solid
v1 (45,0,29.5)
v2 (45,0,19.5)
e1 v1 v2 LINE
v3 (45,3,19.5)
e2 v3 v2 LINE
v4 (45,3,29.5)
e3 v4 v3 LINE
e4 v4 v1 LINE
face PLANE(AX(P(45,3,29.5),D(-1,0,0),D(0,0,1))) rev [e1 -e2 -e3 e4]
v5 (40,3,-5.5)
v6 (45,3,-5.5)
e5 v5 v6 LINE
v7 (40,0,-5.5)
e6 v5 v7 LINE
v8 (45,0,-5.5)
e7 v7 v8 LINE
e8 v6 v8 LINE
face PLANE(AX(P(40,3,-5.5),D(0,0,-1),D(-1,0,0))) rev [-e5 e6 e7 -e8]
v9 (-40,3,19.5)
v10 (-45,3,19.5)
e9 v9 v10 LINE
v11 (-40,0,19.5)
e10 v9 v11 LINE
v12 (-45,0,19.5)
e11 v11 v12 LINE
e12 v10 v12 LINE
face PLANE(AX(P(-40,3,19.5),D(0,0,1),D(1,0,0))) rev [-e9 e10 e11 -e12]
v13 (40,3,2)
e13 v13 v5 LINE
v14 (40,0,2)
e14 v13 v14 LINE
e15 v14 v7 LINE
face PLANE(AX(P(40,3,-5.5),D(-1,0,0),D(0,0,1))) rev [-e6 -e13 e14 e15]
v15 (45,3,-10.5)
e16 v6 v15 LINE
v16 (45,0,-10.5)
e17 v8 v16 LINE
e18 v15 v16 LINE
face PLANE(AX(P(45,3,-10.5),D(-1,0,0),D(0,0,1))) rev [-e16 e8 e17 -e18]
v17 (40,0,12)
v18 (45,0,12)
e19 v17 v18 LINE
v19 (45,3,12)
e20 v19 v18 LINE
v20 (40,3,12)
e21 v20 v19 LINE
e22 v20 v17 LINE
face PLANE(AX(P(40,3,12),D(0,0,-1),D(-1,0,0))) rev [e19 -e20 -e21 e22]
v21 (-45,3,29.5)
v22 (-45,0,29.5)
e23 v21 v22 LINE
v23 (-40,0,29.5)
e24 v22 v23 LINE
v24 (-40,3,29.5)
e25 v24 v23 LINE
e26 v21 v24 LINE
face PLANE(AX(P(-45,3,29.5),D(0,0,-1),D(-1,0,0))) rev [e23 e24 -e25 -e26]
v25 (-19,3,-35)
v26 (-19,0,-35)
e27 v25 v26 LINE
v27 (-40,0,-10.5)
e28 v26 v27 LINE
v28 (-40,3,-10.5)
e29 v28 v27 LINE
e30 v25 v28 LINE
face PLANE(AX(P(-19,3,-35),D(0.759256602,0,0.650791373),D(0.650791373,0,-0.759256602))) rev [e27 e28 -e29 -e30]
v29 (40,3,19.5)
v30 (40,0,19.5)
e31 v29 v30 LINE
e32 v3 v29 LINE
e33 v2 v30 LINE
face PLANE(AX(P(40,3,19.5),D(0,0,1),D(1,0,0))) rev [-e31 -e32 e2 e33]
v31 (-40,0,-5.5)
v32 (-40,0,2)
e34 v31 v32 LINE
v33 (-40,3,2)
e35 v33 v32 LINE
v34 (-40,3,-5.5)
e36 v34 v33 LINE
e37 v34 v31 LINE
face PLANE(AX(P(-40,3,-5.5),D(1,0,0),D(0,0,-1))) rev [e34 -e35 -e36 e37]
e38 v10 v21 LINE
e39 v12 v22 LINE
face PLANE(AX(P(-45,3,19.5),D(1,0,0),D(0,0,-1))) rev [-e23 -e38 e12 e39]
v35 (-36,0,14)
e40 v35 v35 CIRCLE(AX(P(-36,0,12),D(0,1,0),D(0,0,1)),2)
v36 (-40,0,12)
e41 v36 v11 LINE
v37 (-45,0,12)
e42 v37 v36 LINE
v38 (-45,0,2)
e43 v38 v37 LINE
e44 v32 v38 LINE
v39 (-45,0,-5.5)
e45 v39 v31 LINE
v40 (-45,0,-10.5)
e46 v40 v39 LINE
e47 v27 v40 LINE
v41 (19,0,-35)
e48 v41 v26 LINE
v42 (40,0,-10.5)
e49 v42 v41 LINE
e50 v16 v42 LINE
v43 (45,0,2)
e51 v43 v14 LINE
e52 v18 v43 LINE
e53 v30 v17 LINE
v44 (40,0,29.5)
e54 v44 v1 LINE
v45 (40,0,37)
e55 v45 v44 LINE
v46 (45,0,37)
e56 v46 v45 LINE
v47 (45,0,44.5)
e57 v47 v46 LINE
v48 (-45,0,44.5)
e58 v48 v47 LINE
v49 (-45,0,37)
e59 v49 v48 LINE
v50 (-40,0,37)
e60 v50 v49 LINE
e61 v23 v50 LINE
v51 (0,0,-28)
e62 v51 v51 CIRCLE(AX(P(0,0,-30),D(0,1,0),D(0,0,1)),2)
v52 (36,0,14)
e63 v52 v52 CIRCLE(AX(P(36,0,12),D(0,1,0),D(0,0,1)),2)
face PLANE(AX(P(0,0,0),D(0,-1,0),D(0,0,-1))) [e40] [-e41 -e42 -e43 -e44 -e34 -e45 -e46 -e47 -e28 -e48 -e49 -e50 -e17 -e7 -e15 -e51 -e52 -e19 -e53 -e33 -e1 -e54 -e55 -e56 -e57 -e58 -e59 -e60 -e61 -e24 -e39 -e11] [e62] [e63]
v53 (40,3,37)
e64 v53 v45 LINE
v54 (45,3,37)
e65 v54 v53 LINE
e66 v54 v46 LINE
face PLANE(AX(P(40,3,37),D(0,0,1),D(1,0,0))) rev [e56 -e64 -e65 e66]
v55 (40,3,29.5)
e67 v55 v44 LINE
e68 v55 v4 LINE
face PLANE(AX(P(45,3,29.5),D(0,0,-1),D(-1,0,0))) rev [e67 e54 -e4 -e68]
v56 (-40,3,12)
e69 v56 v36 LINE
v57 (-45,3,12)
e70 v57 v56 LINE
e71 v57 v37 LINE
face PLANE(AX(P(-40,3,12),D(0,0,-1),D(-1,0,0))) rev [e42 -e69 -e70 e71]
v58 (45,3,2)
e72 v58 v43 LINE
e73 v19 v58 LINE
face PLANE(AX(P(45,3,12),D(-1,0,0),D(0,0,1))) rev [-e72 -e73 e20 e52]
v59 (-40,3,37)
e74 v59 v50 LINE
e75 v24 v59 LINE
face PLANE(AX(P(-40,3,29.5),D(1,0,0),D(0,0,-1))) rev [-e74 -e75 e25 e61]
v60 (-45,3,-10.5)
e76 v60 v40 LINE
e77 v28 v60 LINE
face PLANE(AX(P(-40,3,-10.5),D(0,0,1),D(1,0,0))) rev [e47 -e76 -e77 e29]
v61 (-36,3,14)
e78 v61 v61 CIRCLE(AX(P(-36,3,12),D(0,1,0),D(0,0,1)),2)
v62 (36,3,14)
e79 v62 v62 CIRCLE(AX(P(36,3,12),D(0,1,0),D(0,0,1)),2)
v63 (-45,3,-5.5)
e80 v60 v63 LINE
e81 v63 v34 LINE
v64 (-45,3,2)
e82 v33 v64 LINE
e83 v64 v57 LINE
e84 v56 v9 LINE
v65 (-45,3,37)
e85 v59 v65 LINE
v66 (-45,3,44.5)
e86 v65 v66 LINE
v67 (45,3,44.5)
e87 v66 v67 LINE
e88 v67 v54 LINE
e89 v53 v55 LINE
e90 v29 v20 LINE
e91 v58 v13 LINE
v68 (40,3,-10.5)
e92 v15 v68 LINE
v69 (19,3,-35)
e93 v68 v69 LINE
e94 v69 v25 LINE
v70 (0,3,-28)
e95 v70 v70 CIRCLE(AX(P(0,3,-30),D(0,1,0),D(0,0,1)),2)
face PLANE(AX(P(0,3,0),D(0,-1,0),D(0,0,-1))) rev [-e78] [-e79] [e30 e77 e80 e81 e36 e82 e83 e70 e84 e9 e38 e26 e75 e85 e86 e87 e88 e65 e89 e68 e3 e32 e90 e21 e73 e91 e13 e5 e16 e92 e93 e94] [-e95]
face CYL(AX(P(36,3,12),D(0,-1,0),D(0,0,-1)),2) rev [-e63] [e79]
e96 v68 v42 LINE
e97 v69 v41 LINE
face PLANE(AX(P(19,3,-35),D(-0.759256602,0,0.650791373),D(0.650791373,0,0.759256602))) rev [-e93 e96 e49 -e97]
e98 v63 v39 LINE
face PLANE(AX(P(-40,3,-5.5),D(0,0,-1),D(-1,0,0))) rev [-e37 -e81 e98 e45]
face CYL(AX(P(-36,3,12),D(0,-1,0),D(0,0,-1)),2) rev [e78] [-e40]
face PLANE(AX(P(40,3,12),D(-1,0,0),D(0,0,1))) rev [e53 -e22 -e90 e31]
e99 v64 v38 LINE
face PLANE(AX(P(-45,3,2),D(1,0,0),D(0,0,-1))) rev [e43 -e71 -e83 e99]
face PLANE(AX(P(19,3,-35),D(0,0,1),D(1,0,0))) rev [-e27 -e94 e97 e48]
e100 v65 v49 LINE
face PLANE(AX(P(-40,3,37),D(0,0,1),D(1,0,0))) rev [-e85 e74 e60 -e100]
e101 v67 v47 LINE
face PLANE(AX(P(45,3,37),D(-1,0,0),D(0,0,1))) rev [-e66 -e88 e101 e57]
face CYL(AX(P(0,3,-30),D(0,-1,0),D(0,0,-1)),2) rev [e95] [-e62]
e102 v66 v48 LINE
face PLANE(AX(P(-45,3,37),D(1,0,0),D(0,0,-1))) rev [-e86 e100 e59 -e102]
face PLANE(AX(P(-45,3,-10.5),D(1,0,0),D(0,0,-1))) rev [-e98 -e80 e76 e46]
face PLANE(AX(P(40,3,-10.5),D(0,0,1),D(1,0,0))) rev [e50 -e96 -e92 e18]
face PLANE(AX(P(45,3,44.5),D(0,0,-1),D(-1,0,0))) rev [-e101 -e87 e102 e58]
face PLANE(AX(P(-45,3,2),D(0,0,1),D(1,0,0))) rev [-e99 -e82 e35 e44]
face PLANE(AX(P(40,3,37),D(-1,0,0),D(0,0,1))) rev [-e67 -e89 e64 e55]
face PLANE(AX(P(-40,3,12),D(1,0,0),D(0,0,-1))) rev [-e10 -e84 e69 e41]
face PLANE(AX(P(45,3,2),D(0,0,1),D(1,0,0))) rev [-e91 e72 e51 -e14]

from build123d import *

# Parameters (mm, degrees)
SKETCH1_R           = 2
BOSS_EXTRUDE1_DEPTH = 3


with BuildPart() as part:
    # Sketch1 → Boss-Extrude1 (new body)
    with BuildSketch(Plane(origin=(0, 0, 0), x_dir=(1, 0, 0), z_dir=(0, 1, 0))):
        Polygon((-19, 35), (-40, 10.5), (-45, 10.5), (-45, 5.5), (-40, 5.5), (-40, -2), (-45, -2), (-45, -12), (-40, -12), (-40, -19.5), (-45, -19.5), (-45, -29.5), (-40, -29.5), (-40, -37), (-45, -37), (-45, -44.5), (-40, -44.5), (40, -44.5), (45, -44.5), (45, -37), (40, -37), (40, -29.5), (45, -29.5), (45, -19.5), (40, -19.5), (40, -12), (45, -12), (45, -2), (40, -2), (40, 5.5), (45, 5.5), (45, 10.5), (40, 10.5), (19, 35), align=None)
        with Locations(Location((-36, -12, 0), (0, 0, 270))):
            Circle(SKETCH1_R, mode=Mode.SUBTRACT)
        with Locations(Location((36, -12, 0), (0, 0, 270))):
            Circle(SKETCH1_R, mode=Mode.SUBTRACT)
        with Locations(Location((0, 30, 0), (0, 0, 270))):
            Circle(SKETCH1_R, mode=Mode.SUBTRACT)
    extrude(amount=BOSS_EXTRUDE1_DEPTH)


solid = part.part
